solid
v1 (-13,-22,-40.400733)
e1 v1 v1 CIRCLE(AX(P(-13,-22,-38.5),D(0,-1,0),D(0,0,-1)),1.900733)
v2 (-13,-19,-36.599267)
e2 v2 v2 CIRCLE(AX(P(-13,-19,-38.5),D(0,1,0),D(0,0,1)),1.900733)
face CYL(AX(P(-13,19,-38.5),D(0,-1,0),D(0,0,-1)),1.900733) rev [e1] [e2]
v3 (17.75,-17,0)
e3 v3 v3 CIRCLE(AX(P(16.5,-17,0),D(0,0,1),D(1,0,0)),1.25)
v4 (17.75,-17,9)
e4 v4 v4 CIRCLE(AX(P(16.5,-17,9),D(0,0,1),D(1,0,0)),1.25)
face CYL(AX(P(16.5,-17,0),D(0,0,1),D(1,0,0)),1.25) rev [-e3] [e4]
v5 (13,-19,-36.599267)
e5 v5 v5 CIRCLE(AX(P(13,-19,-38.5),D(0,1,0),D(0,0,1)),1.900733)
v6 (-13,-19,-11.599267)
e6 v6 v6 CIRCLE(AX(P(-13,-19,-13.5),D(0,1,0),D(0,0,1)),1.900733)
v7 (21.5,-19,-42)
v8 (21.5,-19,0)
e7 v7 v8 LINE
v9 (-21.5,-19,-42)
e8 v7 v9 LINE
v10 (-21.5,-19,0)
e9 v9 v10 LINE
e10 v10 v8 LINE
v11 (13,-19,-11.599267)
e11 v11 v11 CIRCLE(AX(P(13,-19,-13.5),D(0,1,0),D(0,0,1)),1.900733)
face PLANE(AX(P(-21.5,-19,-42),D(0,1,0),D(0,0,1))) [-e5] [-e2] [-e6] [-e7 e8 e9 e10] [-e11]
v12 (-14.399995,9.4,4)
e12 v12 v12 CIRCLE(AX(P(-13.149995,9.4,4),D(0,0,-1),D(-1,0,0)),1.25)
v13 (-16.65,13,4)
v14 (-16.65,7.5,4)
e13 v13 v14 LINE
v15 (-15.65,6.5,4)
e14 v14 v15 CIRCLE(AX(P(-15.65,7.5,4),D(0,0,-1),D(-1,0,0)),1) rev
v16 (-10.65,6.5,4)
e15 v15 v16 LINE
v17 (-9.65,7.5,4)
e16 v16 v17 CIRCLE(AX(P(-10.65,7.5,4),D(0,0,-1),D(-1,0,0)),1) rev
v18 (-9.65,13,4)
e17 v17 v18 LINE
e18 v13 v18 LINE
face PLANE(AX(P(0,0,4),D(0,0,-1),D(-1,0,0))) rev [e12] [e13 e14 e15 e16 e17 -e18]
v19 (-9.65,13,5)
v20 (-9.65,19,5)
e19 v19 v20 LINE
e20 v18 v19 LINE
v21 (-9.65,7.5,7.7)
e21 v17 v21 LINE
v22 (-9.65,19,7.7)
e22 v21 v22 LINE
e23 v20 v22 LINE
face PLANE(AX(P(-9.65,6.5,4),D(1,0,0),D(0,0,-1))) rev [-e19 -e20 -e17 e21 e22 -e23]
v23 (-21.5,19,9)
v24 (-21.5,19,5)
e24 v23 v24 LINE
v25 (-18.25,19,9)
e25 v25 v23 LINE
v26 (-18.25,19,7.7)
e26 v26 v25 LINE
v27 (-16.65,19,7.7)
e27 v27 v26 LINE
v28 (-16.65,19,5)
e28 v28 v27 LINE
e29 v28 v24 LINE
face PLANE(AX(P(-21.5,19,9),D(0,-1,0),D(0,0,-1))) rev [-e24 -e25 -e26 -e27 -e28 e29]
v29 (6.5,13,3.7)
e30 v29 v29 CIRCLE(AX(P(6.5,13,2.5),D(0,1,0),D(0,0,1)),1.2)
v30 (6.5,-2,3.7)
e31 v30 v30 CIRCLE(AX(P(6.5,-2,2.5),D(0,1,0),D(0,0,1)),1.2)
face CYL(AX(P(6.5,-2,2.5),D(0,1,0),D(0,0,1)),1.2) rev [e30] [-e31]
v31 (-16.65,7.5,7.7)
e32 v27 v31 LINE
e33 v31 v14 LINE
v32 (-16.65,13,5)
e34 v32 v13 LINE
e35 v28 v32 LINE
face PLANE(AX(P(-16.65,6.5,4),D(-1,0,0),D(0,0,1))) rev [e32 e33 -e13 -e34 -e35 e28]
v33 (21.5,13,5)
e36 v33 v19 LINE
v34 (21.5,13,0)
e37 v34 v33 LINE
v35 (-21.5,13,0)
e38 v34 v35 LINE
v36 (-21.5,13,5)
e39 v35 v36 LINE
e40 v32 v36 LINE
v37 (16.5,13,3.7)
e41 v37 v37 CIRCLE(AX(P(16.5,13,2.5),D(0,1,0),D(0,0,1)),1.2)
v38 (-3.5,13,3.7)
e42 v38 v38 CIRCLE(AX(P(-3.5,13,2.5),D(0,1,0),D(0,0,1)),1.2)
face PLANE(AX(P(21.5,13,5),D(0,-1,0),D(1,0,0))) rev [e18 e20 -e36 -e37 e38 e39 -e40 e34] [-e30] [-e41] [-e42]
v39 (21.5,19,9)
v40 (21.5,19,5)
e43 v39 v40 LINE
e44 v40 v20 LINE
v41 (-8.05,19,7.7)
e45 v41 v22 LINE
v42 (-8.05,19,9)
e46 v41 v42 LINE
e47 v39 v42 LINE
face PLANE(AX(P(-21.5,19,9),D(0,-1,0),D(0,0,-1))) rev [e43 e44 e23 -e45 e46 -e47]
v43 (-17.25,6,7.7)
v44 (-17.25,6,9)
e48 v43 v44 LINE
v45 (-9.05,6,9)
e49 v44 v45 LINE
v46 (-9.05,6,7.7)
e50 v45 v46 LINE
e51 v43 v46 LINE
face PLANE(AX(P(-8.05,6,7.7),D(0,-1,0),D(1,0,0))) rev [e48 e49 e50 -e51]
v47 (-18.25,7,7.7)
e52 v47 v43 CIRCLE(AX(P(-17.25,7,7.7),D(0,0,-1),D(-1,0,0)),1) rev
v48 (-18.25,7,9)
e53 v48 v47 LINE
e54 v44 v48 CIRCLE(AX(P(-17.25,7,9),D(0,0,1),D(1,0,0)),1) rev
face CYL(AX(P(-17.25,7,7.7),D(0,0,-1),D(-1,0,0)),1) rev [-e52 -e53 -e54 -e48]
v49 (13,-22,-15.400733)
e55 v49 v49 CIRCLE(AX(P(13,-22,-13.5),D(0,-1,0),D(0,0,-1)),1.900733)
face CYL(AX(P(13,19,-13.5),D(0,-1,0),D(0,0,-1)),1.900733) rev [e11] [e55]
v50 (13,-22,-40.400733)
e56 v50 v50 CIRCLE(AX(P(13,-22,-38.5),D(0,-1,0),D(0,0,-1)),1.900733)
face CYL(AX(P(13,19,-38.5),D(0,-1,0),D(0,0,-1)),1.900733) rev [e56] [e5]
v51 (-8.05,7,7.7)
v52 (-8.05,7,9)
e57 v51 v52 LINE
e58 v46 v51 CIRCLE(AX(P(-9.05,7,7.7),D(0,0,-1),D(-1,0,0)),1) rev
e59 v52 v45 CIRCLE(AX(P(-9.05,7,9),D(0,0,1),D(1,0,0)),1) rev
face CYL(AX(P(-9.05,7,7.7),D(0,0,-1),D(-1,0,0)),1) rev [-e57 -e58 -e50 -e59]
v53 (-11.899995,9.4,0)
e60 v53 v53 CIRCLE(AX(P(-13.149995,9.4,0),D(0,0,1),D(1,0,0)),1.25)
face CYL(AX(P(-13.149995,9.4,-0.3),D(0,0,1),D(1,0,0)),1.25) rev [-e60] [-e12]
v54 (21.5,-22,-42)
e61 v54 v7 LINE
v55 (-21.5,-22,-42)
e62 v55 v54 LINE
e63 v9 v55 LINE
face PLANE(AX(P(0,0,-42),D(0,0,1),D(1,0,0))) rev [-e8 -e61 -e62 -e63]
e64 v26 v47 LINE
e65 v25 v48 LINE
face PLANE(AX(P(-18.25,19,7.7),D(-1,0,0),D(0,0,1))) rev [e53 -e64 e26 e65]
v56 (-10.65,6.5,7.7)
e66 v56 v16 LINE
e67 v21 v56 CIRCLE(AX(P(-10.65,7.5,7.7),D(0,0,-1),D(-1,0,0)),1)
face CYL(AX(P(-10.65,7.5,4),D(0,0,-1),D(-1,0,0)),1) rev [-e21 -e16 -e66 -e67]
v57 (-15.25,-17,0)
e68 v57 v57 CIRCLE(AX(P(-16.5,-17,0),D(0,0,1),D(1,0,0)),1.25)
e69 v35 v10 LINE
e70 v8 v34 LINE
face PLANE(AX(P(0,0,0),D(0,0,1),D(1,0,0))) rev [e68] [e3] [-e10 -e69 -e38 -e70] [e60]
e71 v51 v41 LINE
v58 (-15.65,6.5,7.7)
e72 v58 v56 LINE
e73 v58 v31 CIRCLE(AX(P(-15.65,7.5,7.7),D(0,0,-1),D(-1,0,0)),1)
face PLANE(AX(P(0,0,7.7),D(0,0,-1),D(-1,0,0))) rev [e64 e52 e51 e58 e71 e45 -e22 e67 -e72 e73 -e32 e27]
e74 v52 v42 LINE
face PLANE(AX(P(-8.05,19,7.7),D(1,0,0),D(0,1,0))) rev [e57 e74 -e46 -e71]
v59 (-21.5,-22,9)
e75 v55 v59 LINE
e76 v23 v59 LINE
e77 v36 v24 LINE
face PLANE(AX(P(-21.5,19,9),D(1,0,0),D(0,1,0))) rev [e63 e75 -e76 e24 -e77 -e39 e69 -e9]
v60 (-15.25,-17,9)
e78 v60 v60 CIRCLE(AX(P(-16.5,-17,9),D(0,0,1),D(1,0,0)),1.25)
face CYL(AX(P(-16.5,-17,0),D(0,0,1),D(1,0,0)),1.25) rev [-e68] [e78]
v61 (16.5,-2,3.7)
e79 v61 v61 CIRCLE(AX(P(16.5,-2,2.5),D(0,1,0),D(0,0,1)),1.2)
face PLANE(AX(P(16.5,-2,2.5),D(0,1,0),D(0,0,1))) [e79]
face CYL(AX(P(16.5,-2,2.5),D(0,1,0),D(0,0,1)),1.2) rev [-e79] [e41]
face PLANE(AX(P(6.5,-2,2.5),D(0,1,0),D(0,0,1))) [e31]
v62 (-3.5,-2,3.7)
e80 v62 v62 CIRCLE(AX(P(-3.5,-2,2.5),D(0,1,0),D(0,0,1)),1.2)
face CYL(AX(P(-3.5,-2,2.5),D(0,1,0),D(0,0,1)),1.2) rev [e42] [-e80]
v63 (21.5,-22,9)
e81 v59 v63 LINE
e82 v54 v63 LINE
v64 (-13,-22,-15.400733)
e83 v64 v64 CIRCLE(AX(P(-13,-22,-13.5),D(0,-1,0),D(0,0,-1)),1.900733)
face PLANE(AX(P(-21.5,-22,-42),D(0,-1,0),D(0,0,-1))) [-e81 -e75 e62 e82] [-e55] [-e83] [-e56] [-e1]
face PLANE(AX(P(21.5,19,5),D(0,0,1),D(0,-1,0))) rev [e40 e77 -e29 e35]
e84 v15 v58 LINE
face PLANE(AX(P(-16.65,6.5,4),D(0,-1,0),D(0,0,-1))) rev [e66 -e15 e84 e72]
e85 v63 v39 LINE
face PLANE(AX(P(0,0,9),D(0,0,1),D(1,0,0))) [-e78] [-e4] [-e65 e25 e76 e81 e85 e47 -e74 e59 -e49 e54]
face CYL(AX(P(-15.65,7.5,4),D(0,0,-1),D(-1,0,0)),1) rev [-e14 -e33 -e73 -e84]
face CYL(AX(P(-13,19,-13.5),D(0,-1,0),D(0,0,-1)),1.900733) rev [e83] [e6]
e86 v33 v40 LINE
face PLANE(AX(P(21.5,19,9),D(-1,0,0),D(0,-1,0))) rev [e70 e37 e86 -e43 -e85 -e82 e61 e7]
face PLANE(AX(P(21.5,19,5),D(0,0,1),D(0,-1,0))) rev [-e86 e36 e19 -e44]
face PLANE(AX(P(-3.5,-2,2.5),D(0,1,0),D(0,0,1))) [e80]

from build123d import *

# Parameters (mm, degrees)
SKETCH_1_W           = 43
SKETCH_1_H           = 38
EXTRUDE_1_DEPTH      = 9
SKETCH_2_W           = 43
SKETCH_2_H           = 3
EXTRUDE_3_DEPTH      = 51
SKETCH_3_R           = 1.900733336
CUT_EXTRUDE_1_DEPTH  = 42
SKETCH_4_W           = 5
SKETCH_4_H           = 6
CUT_EXTRUDE_2_DEPTH  = 44
SKETCH_8_R           = 1.25
CUT_EXTRUDE_6_DEPTH  = 9
SKETCH_7_R           = 1.2
CUT_EXTRUDE_7_DEPTH  = 15
SKETCH_9_W           = 10.2
SKETCH_9_H           = 13
CUT_EXTRUDE_8_DEPTH  = 1.3
SKETCH_11_W          = 7
SKETCH_11_H          = 12.5
CUT_EXTRUDE_13_DEPTH = 3.7
SKETCH_10_R          = 1.25
CUT_EXTRUDE_14_DEPTH = 8
FILLET_1_R           = 1
FILLET_2_R           = 1


with BuildPart() as part:
    # Эскиз1 → Бобышка-Вытянуть1 (new body)
    with BuildSketch(Plane.XY):
        Rectangle(SKETCH_1_W, SKETCH_1_H)
    extrude(amount=EXTRUDE_1_DEPTH)

    # Эскиз2 → Бобышка-Вытянуть3 (add)
    with BuildSketch(Plane.XY.offset(9)):
        with Locations((0, -20.5)):
            Rectangle(SKETCH_2_W, SKETCH_2_H)
    extrude(amount=-EXTRUDE_3_DEPTH)

    # Эскиз3 → Вырез-Вытянуть1 (cut, through all)
    with BuildSketch(Plane.XZ.offset(22)):
        with Locations(Location((-13, -38.5, 0), (0, 0, 270))):  # turned: the seam where the file's is
            Circle(SKETCH_3_R)
        with Locations(Location((13, -38.5, 0), (0, 0, 270))):  # turned: the seam where the file's is
            Circle(SKETCH_3_R)
        with Locations(Location((13, -13.5, 0), (0, 0, 270))):  # turned: the seam where the file's is
            Circle(SKETCH_3_R)
        with Locations(Location((-13, -13.5, 0), (0, 0, 270))):  # turned: the seam where the file's is
            Circle(SKETCH_3_R)
    extrude(amount=-CUT_EXTRUDE_1_DEPTH, mode=Mode.SUBTRACT)

    # Эскиз4 → Вырез-Вытянуть2 (cut, through all)
    with BuildSketch(Plane.ZY.offset(21.5)):
        with Locations((2.5, 16)):
            Rectangle(SKETCH_4_W, SKETCH_4_H)
    extrude(amount=-CUT_EXTRUDE_2_DEPTH, mode=Mode.SUBTRACT)

    # Эскиз8 → Вырез-Вытянуть6 (cut)
    with BuildSketch(Plane.XY.offset(9)):
        with Locations((16.5, -17)):
            Circle(SKETCH_8_R)
        with Locations((-16.5, -17)):
            Circle(SKETCH_8_R)
    extrude(amount=-CUT_EXTRUDE_6_DEPTH, mode=Mode.SUBTRACT)

    # Эскиз7 → Вырез-Вытянуть7 (cut)
    with BuildSketch(Plane(origin=(0, 13, 0), x_dir=(1, 0, 0), z_dir=(0, 1, 0))):
        with Locations(Location((16.5, -2.5, 0), (0, 0, 270))):  # turned: the seam where the file's is
            Circle(SKETCH_7_R)
        with Locations(Location((6.5, -2.5, 0), (0, 0, 270))):  # turned: the seam where the file's is
            Circle(SKETCH_7_R)
        with Locations(Location((-3.5, -2.5, 0), (0, 0, 270))):  # turned: the seam where the file's is
            Circle(SKETCH_7_R)
    extrude(amount=-CUT_EXTRUDE_7_DEPTH, mode=Mode.SUBTRACT)

    # Эскиз9 → Вырез-Вытянуть8 (cut)
    with BuildSketch(Plane.XY.offset(9)):
        with Locations((-13.15, 12.5)):
            Rectangle(SKETCH_9_W, SKETCH_9_H)
    extrude(amount=-CUT_EXTRUDE_8_DEPTH, mode=Mode.SUBTRACT)

    # Эскиз11 → Вырез-Вытянуть13 (cut)
    with BuildSketch(Plane.XY.offset(7.7)):
        with Locations((-13.15, 12.75)):
            Rectangle(SKETCH_11_W, SKETCH_11_H)
    extrude(amount=-CUT_EXTRUDE_13_DEPTH, mode=Mode.SUBTRACT)

    # Эскиз10 → Вырез-Вытянуть14 (cut)
    with BuildSketch(Plane.XY.offset(7.7)):
        with Locations((-13.149995044, 9.4)):
            Circle(SKETCH_10_R)
    extrude(amount=-CUT_EXTRUDE_14_DEPTH, mode=Mode.SUBTRACT)

    # Скругление1
    fillet_1_edges = [part.edges().sort_by_distance(p)[0] for p in [
        (-16.65, 6.5, 5.85),
        (-9.65, 6.5, 5.85),
    ]]
    fillet(fillet_1_edges, radius=FILLET_1_R)

    # Скругление2
    fillet_2_edges = [part.edges().sort_by_distance(p)[0] for p in [
        (-8.05, 6, 8.35),
        (-18.25, 6, 8.35),
    ]]
    fillet(fillet_2_edges, radius=FILLET_2_R)


solid = part.part
